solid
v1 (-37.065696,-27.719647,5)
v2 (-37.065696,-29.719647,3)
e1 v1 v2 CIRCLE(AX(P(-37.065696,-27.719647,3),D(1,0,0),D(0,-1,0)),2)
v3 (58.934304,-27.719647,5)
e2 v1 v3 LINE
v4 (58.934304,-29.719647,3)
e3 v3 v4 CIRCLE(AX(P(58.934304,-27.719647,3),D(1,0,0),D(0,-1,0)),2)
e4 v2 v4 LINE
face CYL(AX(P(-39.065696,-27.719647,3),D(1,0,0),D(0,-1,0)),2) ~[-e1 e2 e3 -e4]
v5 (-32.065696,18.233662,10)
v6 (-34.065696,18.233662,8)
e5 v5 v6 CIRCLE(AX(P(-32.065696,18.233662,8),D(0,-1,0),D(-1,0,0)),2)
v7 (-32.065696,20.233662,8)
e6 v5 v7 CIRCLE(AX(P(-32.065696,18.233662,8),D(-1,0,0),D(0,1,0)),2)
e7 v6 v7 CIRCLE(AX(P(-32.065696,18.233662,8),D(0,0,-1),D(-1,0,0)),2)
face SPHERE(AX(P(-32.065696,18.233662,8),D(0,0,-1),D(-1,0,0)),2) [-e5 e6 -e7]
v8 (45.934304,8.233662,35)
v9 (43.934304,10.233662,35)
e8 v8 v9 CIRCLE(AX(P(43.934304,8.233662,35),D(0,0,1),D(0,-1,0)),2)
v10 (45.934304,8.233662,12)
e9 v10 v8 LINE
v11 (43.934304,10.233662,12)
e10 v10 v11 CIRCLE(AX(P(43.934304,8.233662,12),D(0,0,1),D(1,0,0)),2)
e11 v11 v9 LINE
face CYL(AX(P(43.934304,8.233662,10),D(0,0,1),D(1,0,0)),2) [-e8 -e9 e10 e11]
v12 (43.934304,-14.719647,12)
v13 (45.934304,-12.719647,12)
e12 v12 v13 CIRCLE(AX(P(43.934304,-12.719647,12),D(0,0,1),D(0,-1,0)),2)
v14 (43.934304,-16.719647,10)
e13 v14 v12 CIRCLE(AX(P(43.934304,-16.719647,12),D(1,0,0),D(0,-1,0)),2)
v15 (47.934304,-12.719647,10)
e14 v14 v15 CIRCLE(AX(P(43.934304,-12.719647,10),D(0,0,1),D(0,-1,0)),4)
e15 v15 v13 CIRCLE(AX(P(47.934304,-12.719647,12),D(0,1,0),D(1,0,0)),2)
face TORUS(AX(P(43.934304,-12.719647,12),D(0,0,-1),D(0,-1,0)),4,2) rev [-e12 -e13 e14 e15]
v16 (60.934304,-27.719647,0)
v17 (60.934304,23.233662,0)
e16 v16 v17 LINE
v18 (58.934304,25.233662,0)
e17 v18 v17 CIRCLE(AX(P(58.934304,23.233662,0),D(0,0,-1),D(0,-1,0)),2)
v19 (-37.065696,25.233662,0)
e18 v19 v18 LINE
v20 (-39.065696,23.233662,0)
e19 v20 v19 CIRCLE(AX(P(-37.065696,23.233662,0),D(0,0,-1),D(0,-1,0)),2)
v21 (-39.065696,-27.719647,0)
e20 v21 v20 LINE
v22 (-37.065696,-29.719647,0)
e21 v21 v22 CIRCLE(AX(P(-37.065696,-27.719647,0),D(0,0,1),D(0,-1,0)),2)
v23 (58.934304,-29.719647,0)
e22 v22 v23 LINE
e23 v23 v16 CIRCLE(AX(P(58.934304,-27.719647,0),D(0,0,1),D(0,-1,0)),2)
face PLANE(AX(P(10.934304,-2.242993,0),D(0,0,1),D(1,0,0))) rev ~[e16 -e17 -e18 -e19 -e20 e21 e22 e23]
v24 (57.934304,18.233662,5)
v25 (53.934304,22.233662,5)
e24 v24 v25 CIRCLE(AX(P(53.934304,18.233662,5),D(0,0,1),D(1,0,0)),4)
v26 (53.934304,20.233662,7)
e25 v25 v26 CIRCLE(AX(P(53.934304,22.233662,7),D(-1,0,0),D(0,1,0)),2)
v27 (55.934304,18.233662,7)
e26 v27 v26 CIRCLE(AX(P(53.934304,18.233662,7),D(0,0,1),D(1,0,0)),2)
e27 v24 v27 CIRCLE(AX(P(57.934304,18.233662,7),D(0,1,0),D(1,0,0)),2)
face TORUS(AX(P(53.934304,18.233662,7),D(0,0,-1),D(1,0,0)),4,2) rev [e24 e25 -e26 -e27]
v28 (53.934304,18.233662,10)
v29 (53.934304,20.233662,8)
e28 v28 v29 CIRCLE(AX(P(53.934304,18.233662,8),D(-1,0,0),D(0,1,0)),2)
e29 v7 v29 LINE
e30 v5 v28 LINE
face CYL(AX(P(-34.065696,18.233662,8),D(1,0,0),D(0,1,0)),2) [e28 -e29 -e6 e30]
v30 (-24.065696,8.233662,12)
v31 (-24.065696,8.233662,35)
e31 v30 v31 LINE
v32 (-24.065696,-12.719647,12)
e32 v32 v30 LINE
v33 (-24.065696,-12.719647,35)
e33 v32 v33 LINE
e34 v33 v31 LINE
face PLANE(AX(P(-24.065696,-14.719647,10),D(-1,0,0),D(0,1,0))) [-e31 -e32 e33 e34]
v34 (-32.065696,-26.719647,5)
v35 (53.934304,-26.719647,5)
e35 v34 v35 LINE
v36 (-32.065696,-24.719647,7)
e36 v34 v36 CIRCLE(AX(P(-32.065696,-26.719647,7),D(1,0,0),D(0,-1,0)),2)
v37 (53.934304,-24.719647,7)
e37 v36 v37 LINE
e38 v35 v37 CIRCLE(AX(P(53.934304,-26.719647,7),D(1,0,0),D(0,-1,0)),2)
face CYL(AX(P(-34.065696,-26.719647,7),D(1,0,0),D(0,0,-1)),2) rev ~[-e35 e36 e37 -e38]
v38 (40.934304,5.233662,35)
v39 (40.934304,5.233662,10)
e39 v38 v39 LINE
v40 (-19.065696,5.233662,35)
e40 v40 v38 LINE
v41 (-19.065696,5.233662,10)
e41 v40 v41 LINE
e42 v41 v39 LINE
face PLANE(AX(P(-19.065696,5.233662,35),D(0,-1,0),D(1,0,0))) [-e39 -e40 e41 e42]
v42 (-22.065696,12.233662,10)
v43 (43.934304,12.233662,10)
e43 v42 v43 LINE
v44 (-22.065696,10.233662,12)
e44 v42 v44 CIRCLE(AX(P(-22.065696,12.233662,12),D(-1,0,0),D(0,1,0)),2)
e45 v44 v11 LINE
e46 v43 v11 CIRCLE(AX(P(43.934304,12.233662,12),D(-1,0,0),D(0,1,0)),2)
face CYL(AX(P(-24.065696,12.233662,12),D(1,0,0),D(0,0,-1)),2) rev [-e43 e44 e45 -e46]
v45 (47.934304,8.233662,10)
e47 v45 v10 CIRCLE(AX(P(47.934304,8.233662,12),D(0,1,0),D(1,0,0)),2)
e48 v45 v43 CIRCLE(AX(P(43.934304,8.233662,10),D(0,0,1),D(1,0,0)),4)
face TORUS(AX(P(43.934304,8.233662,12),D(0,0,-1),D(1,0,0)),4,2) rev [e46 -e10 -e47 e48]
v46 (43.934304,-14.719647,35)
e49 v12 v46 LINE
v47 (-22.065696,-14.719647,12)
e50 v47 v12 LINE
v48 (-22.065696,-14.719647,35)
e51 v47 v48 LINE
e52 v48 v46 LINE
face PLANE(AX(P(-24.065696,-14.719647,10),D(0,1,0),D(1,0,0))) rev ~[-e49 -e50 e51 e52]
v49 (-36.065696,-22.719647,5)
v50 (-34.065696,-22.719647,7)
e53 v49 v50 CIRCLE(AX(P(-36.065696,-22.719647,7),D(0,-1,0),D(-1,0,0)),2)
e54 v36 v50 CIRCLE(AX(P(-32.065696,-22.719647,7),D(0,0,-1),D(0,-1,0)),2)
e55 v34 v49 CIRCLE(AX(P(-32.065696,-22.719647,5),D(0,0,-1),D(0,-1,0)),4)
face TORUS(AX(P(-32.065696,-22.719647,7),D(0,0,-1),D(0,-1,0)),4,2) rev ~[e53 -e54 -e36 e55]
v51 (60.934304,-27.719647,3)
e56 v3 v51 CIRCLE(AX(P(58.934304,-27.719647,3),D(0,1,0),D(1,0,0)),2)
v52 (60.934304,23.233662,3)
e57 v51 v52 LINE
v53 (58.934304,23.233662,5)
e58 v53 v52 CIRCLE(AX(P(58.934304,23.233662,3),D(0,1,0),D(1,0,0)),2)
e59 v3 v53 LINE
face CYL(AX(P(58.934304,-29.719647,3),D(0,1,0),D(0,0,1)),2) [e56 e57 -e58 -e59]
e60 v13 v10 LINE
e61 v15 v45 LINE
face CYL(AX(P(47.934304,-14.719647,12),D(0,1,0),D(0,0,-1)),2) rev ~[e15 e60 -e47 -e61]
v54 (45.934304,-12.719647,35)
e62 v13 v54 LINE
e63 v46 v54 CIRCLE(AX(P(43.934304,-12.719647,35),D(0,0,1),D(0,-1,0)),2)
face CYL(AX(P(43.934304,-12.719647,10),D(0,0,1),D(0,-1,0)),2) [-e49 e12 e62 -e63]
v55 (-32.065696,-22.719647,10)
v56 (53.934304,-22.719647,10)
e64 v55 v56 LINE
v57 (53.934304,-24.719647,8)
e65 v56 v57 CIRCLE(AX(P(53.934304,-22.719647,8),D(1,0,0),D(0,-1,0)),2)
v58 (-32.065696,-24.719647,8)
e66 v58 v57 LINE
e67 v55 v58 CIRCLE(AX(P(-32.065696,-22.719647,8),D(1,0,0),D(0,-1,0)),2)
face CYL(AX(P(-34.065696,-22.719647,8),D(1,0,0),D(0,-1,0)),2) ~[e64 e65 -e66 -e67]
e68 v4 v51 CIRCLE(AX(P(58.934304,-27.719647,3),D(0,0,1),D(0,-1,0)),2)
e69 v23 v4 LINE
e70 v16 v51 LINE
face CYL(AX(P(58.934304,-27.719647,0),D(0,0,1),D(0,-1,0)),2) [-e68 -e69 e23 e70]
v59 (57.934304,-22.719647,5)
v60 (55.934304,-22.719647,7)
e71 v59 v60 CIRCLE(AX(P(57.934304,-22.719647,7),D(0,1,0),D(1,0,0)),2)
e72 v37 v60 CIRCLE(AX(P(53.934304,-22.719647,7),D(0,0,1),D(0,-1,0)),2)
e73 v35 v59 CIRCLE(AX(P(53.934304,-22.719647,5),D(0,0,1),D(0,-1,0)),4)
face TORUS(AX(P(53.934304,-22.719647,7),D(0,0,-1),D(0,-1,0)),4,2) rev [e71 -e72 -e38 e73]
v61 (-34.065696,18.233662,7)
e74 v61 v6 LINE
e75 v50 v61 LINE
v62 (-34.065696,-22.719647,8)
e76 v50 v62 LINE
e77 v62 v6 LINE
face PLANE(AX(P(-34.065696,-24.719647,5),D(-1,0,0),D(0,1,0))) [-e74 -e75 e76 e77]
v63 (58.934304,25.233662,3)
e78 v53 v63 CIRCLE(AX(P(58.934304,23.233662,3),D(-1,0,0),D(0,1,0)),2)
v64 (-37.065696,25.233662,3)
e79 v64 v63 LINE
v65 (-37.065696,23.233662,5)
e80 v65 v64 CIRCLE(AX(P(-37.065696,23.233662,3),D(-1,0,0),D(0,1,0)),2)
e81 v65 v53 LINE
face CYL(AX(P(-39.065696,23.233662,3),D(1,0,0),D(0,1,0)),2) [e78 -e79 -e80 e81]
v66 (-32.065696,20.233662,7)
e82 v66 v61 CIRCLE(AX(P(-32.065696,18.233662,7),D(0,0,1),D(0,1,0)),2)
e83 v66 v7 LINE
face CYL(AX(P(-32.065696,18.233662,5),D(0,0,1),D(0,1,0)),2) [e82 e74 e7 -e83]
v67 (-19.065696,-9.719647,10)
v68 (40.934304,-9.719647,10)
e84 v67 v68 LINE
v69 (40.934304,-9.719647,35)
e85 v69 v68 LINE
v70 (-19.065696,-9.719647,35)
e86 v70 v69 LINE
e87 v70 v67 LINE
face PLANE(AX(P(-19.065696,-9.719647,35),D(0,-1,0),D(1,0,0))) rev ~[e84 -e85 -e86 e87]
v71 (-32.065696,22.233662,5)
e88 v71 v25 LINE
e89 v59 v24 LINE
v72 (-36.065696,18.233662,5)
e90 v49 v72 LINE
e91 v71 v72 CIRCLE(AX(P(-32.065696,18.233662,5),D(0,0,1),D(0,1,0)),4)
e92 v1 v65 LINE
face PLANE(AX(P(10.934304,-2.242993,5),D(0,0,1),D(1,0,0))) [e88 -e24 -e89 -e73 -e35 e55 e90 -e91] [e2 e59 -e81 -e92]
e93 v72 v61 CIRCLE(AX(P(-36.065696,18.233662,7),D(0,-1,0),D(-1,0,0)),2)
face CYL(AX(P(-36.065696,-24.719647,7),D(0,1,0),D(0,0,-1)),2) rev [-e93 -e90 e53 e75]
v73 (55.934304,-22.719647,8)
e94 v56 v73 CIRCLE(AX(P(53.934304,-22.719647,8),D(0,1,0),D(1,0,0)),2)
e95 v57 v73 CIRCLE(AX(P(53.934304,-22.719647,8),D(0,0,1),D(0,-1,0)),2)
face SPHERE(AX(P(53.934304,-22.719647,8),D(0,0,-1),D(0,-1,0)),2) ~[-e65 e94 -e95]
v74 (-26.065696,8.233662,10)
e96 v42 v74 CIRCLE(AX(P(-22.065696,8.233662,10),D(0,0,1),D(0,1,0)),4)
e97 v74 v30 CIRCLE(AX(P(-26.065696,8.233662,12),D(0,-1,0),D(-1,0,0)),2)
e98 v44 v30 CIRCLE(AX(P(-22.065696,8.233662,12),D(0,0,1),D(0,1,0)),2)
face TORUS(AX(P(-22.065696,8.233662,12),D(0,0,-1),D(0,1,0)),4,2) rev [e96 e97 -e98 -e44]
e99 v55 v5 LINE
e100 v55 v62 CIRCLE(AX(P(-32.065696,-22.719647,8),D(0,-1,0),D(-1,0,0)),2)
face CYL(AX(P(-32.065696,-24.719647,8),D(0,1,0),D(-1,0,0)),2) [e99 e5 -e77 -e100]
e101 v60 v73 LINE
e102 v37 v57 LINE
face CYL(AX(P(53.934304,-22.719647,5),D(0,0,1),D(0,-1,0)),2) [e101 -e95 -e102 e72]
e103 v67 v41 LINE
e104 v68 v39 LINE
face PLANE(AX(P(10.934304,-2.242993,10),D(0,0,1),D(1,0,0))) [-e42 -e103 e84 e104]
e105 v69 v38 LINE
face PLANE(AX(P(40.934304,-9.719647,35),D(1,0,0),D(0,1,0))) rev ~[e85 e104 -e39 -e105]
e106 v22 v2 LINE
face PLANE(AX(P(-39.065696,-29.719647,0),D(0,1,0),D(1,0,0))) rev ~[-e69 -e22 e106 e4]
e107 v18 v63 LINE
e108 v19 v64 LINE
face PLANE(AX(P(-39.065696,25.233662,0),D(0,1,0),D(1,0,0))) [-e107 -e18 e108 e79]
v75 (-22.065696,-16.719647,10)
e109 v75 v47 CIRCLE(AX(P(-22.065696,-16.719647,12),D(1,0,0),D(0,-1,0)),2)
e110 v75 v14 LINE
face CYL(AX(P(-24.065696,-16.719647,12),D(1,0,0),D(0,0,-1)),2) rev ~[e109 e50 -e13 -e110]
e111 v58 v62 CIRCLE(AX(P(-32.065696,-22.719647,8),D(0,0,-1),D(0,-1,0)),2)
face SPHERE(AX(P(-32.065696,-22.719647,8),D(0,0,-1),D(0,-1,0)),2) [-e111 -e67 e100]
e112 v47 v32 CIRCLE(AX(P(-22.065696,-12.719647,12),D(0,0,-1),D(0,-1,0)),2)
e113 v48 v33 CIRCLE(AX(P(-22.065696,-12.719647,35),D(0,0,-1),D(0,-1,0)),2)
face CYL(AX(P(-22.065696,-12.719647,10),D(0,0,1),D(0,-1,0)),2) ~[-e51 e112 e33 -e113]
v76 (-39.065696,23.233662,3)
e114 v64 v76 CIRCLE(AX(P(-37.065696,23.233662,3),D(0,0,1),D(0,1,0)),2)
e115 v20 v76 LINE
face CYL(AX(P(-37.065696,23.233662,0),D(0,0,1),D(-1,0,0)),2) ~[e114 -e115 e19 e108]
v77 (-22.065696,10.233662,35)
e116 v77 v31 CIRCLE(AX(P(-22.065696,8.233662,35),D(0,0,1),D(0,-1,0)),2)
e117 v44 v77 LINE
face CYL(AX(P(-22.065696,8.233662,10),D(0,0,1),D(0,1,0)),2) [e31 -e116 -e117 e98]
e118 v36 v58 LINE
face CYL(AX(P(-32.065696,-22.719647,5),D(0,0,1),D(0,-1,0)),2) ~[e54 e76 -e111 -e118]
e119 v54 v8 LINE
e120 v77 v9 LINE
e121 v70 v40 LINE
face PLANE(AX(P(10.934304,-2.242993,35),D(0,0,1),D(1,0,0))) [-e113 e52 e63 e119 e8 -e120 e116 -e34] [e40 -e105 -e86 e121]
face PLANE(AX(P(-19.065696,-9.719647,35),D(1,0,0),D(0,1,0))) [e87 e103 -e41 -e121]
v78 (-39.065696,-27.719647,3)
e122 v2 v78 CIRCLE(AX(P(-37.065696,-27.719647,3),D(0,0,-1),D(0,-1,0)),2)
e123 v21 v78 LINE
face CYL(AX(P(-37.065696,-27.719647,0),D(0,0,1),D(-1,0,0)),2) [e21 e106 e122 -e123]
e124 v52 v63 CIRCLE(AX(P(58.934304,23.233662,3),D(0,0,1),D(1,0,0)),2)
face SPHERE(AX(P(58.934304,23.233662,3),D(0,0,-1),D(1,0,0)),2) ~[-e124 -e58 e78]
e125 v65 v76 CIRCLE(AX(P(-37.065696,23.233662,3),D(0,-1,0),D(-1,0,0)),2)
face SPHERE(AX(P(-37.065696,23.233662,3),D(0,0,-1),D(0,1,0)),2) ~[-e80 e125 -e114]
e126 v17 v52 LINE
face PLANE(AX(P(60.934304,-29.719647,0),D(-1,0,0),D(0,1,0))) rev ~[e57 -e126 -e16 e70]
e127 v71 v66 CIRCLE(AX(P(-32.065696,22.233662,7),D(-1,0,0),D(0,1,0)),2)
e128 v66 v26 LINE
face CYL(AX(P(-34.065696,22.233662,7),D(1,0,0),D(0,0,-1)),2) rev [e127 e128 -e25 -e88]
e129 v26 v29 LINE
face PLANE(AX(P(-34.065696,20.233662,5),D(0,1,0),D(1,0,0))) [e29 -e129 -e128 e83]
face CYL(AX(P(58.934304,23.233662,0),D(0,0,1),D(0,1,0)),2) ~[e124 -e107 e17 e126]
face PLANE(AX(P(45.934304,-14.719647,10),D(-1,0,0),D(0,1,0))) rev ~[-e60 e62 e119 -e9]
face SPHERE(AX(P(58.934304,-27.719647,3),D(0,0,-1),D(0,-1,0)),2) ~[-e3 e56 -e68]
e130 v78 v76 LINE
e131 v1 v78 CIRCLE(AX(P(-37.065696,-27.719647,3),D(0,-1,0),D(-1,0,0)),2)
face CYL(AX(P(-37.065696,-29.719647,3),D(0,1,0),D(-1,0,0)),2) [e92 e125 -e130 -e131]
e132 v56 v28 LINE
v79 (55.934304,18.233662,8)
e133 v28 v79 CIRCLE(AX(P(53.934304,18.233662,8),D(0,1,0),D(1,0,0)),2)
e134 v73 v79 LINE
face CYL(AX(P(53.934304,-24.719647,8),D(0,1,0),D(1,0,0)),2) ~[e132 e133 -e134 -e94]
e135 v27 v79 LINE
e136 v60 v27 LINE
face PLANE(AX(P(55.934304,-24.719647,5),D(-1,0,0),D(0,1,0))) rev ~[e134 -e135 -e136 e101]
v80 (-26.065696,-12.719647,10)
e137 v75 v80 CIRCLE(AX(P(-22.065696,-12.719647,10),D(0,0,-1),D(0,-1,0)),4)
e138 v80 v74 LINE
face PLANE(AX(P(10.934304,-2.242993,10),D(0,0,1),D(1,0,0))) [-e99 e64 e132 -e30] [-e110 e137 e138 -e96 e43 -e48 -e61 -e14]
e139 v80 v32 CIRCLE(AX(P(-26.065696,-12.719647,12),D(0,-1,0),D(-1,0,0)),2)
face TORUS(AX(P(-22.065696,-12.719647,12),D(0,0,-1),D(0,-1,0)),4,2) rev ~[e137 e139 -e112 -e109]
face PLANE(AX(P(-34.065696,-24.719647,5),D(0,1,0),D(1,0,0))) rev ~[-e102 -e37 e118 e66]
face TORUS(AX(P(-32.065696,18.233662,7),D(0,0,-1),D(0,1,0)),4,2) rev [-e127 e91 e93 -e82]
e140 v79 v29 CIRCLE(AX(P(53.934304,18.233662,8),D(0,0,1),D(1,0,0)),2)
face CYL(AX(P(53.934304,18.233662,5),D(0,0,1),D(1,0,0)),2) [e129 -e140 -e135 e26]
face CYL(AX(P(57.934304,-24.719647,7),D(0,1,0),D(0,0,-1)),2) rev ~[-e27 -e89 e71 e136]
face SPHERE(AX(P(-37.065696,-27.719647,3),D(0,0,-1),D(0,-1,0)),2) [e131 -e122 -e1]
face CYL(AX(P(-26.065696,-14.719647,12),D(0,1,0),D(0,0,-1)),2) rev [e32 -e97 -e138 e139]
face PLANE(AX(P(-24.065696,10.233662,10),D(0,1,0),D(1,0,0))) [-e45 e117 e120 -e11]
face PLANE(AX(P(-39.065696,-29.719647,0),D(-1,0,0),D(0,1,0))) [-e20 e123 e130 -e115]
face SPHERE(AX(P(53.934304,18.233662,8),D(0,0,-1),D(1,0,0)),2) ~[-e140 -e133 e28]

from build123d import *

# Parameters (mm, degrees)
F0_W     = 100
F0_H     = 54.953308776
F1_DEPTH = 5
F2_W     = 90
F2_H     = 44.953308776
F3_DEPTH = 5
F4_W     = 70
F4_H     = 24.953308776
F5_DEPTH = 25
F6_R     = 2
F7_W     = 60
F7_H     = 14.953308776
F8_DEPTH = 25


with BuildPart() as f1:
    # F0 (on Top) → F1 (new body)
    with BuildSketch(Plane.XY):
        with Locations((10.9343037009, -2.2429926321)):
            Rectangle(F0_W, F0_H)
    extrude(amount=F1_DEPTH)

    # F2 (on face) → F3 (join)
    with BuildSketch(Plane.XY.offset(5)):
        with Locations((10.9343037009, -2.2429926321)):
            Rectangle(F2_W, F2_H)
    extrude(amount=F3_DEPTH)

    # F4 (on face) → F5 (join)
    with BuildSketch(Plane.XY.offset(10)):
        with Locations((10.9343037009, -2.2429926321)):
            Rectangle(F4_W, F4_H)
    extrude(amount=F5_DEPTH)

    # F6
    f6_edges = [f1.edges().sort_by_distance(p)[0] for p in [
        (60.934304, 25.233662, 2.5),
        (-39.065696, 25.233662, 2.5),
        (-39.065696, -29.719647, 2.5),
        (60.934304, -29.719647, 2.5),
        (45.934304, -14.719647, 22.5),
        (45.934304, 10.233662, 22.5),
        (55.934304, 20.233662, 7.5),
        (55.934304, -24.719647, 7.5),
        (-24.065696, -14.719647, 22.5),
        (-24.065696, 10.233662, 22.5),
        (-34.065696, -24.719647, 7.5),
        (-34.065696, 20.233662, 7.5),
        (10.934304, -24.719647, 5),
        (10.934304, -14.719647, 10),
        (10.934304, -24.719647, 10),
        (10.934304, -29.719647, 5),
        (60.934304, -2.242993, 5),
        (10.934304, 25.233662, 5),
        (-39.065696, -2.242993, 5),
        (55.934304, -2.242993, 5),
        (10.934304, 20.233662, 5),
        (-34.065696, -2.242993, 5),
        (45.934304, -2.242993, 10),
        (-34.065696, -2.242993, 10),
        (55.934304, -2.242993, 10),
        (10.934304, 20.233662, 10),
        (10.934304, 10.233662, 10),
        (-24.065696, -2.242993, 10),
    ]]
    fillet(f6_edges, radius=F6_R)

    # F7 (on face) → F8 (cut)
    with BuildSketch(Plane.XY.offset(35)):
        with Locations((10.9343037009, -2.2429926321)):
            Rectangle(F7_W, F7_H)
    extrude(amount=-F8_DEPTH, mode=Mode.SUBTRACT)


solid = f1.part
